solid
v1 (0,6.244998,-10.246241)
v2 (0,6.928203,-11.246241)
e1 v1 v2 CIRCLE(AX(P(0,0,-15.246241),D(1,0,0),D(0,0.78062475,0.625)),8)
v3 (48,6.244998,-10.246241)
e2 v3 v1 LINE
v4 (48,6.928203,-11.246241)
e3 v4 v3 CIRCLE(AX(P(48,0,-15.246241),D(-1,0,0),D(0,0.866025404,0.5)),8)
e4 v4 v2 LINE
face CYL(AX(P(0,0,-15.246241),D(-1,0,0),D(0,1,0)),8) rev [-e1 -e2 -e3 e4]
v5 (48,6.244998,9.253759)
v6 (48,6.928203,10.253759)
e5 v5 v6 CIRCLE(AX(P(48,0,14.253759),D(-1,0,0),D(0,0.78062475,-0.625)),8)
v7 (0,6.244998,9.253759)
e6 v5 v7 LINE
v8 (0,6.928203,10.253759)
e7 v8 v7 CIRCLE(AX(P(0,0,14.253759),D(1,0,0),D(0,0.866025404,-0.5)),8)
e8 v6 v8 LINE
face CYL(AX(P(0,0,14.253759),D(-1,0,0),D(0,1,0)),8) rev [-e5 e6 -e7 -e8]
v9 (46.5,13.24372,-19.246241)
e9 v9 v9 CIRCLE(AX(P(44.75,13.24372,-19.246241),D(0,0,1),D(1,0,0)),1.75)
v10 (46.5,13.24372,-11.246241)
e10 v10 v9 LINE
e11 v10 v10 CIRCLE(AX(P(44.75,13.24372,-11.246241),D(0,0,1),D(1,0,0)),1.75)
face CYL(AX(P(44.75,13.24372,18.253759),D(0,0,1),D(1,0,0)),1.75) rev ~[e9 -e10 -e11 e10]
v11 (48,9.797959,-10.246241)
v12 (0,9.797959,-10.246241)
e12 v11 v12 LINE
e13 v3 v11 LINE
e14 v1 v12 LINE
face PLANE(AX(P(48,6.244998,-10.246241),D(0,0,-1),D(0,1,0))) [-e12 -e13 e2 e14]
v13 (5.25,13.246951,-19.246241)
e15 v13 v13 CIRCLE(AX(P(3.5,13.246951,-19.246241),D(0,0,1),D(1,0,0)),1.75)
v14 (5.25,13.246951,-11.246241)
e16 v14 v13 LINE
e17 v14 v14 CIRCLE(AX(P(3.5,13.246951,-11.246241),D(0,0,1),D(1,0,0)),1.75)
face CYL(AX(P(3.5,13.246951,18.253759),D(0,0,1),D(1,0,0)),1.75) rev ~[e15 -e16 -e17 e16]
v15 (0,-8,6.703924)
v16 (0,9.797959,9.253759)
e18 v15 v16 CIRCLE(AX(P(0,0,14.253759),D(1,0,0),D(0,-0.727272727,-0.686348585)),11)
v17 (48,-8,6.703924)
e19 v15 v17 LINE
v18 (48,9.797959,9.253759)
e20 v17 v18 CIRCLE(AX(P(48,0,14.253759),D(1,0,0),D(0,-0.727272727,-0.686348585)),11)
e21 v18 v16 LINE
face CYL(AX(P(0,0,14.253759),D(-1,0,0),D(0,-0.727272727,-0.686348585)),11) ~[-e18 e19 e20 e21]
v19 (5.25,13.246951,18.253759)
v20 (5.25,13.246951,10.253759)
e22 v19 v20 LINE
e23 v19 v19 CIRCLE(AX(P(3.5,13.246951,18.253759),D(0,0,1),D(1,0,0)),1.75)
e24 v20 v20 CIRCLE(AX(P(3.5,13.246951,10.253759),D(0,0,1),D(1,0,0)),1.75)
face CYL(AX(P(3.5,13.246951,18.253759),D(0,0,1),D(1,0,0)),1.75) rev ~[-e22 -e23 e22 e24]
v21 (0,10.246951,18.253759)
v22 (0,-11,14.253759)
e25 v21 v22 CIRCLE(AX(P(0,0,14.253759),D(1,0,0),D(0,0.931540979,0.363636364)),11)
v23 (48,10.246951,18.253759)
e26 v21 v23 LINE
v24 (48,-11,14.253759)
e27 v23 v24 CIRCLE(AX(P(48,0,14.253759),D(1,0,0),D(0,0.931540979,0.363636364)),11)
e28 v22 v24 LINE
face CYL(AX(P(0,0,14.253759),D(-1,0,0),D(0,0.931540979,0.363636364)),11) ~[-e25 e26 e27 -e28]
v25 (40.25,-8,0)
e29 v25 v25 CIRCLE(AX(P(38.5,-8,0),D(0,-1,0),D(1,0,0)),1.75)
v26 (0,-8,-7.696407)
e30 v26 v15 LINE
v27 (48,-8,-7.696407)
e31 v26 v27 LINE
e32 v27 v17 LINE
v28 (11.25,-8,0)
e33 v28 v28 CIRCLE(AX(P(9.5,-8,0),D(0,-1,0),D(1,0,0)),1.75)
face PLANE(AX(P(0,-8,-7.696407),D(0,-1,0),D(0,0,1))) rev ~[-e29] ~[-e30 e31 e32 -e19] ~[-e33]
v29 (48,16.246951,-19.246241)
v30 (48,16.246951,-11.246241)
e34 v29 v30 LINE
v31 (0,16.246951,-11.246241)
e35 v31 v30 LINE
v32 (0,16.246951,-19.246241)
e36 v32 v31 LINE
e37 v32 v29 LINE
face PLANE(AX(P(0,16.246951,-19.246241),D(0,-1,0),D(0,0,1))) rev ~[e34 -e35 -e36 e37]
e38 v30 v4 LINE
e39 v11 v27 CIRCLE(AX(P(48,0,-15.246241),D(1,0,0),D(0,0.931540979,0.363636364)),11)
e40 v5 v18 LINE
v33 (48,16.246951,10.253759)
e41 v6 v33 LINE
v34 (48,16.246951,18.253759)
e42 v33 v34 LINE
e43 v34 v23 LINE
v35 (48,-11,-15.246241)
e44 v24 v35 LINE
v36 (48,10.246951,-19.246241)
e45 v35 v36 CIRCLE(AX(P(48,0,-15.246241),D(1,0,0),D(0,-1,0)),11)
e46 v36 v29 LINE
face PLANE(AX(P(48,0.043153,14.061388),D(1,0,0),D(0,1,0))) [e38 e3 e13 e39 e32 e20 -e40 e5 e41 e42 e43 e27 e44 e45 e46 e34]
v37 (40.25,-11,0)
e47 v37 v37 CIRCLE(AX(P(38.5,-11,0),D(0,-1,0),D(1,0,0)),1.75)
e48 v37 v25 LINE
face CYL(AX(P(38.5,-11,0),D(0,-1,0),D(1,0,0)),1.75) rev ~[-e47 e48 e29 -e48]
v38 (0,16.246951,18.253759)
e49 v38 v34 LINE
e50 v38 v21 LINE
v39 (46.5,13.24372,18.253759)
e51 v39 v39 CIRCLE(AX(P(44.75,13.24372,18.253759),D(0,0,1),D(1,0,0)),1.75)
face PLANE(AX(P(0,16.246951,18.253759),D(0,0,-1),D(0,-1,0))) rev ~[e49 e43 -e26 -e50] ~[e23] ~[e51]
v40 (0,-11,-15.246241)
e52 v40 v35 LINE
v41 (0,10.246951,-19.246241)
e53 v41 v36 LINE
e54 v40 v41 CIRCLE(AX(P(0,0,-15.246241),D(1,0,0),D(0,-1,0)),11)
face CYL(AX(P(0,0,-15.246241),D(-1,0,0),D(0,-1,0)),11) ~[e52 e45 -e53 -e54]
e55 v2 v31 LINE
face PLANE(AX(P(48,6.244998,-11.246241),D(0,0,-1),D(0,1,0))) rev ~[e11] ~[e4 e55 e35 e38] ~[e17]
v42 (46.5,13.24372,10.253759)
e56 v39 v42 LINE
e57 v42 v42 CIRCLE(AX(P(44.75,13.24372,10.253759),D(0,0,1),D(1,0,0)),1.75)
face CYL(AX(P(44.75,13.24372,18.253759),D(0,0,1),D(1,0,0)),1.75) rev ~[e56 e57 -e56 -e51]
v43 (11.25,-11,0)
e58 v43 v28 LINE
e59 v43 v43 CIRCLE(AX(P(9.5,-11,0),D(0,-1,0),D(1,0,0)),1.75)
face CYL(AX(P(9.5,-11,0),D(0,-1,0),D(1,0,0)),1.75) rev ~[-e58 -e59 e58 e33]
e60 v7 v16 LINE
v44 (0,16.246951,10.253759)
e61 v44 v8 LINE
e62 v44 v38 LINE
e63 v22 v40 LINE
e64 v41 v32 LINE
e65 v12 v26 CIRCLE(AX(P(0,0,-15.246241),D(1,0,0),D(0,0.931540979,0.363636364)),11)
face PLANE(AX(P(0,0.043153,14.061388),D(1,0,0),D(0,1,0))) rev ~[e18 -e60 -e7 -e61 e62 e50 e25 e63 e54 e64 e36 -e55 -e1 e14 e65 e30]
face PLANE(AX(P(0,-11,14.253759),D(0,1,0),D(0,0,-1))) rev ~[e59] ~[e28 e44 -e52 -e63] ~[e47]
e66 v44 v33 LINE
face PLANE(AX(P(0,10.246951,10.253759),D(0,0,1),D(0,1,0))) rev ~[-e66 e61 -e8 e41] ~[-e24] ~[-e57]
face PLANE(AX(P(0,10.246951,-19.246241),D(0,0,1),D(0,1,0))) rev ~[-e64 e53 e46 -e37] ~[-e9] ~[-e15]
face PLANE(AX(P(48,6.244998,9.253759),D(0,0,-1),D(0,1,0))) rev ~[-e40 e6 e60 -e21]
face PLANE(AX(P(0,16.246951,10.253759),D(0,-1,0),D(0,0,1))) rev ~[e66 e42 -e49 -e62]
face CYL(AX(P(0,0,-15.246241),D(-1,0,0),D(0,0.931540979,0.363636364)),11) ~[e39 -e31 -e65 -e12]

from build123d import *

# Parameters (mm, degrees)
F1_R     = 8
F2_DEPTH = 48
F3_R     = 1.75
F4_DEPTH = 5
F5_R     = 1.75
F6_DEPTH = 50
F7_W     = 4.0019527676
F7_H     = 1
F8_DEPTH = 80


with BuildPart() as f2:
    # F1 (on Right) → F2 (new body)
    with BuildSketch(Plane.YZ):
        with BuildLine():
            ThreePointArc((-11, 14.2537585227), (-10.2225241501, 10.1917393204), (-8, 6.7039240874))
            ThreePointArc((-8, 6.7039240874), (2.1006018341, 3.4561906514), (10.246950766, 10.2537585227))
            ThreePointArc((10.246950766, 10.2537585227), (10.810098483, 12.218624427), (11, 14.2537585227))
            ThreePointArc((11, 14.2537585227), (10.810098483, 16.2888926183), (10.246950766, 18.2537585227))
            ThreePointArc((10.246950766, 18.2537585227), (-2.0351340956, 25.0638570057), (-11, 14.2537585227))
        make_face()
        with Locations((0, 14.2537585227)):
            Circle(F1_R, mode=Mode.SUBTRACT)
        with BuildLine():
            ThreePointArc((-11, -15.2462414773), (-10.2225241501, -11.184222275), (-8, -7.6964070421))
            Line((-8, -7.6964070421), (-8, 6.7039240874))
            ThreePointArc((-8, 6.7039240874), (-10.2225241501, 10.1917393204), (-11, 14.2537585227))
            Line((-11, 14.2537585227), (-11, -15.2462414773))
        make_face()
        with BuildLine():
            ThreePointArc((10.246950766, -19.2462414773), (10.810098483, -17.281375573), (11, -15.2462414773))
            ThreePointArc((11, -15.2462414773), (10.810098483, -13.2111073817), (10.246950766, -11.2462414773))
            ThreePointArc((10.246950766, -11.2462414773), (2.1006018341, -4.4486736061), (-8, -7.6964070421))
            ThreePointArc((-8, -7.6964070421), (-10.2225241501, -11.184222275), (-11, -15.2462414773))
            ThreePointArc((-11, -15.2462414773), (-2.0351340956, -26.0563399604), (10.246950766, -19.2462414773))
        make_face()
        with Locations((0, -15.2462414773)):
            Circle(F1_R, mode=Mode.SUBTRACT)
        with BuildLine():
            ThreePointArc((10.246950766, -11.2462414773), (10.810098483, -13.2111073817), (11, -15.2462414773))
            ThreePointArc((11, -15.2462414773), (10.810098483, -17.281375573), (10.246950766, -19.2462414773))
            Line((10.246950766, -19.2462414773), (16.246950766, -19.2462414773))
            Line((16.246950766, -19.2462414773), (16.246950766, -11.2462414773))
            Line((16.246950766, -11.2462414773), (10.246950766, -11.2462414773))
        make_face()
        with BuildLine():
            ThreePointArc((11, 14.2537585227), (10.810098483, 12.218624427), (10.246950766, 10.2537585227))
            Line((10.246950766, 10.2537585227), (16.246950766, 10.2537585227))
            Line((16.246950766, 10.2537585227), (16.246950766, 18.2537585227))
            Line((16.246950766, 18.2537585227), (10.246950766, 18.2537585227))
            ThreePointArc((10.246950766, 18.2537585227), (10.810098483, 16.2888926183), (11, 14.2537585227))
        make_face()
    extrude(amount=F2_DEPTH)

    # F3 (on face) → F4 (cut)
    with BuildSketch(Plane.XZ.offset(11)):
        with Locations((38.5, 0)):
            Circle(F3_R)
        with Locations((9.5, 0)):
            Circle(F3_R)
    extrude(amount=-F4_DEPTH, mode=Mode.SUBTRACT)

    # F5 (on face) → F6 (cut)
    with BuildSketch(Plane.XY.offset(18.2537585227)):
        with Locations((3.5, 13.246950766)):
            Circle(F5_R)
        with Locations((44.749999574, 13.243720019)):
            Circle(F5_R)
    extrude(amount=-F6_DEPTH, mode=Mode.SUBTRACT)

    # F7 (on face) → F8 (cut)
    with BuildSketch(Plane.YZ.offset(48)):
        with Locations((8.2459743822, 9.7537585227)):
            Rectangle(F7_W, F7_H)
        with Locations((8.2459743822, -10.7462414773)):
            Rectangle(F7_W, F7_H)
    extrude(amount=-F8_DEPTH, mode=Mode.SUBTRACT)


solid = f2.part
